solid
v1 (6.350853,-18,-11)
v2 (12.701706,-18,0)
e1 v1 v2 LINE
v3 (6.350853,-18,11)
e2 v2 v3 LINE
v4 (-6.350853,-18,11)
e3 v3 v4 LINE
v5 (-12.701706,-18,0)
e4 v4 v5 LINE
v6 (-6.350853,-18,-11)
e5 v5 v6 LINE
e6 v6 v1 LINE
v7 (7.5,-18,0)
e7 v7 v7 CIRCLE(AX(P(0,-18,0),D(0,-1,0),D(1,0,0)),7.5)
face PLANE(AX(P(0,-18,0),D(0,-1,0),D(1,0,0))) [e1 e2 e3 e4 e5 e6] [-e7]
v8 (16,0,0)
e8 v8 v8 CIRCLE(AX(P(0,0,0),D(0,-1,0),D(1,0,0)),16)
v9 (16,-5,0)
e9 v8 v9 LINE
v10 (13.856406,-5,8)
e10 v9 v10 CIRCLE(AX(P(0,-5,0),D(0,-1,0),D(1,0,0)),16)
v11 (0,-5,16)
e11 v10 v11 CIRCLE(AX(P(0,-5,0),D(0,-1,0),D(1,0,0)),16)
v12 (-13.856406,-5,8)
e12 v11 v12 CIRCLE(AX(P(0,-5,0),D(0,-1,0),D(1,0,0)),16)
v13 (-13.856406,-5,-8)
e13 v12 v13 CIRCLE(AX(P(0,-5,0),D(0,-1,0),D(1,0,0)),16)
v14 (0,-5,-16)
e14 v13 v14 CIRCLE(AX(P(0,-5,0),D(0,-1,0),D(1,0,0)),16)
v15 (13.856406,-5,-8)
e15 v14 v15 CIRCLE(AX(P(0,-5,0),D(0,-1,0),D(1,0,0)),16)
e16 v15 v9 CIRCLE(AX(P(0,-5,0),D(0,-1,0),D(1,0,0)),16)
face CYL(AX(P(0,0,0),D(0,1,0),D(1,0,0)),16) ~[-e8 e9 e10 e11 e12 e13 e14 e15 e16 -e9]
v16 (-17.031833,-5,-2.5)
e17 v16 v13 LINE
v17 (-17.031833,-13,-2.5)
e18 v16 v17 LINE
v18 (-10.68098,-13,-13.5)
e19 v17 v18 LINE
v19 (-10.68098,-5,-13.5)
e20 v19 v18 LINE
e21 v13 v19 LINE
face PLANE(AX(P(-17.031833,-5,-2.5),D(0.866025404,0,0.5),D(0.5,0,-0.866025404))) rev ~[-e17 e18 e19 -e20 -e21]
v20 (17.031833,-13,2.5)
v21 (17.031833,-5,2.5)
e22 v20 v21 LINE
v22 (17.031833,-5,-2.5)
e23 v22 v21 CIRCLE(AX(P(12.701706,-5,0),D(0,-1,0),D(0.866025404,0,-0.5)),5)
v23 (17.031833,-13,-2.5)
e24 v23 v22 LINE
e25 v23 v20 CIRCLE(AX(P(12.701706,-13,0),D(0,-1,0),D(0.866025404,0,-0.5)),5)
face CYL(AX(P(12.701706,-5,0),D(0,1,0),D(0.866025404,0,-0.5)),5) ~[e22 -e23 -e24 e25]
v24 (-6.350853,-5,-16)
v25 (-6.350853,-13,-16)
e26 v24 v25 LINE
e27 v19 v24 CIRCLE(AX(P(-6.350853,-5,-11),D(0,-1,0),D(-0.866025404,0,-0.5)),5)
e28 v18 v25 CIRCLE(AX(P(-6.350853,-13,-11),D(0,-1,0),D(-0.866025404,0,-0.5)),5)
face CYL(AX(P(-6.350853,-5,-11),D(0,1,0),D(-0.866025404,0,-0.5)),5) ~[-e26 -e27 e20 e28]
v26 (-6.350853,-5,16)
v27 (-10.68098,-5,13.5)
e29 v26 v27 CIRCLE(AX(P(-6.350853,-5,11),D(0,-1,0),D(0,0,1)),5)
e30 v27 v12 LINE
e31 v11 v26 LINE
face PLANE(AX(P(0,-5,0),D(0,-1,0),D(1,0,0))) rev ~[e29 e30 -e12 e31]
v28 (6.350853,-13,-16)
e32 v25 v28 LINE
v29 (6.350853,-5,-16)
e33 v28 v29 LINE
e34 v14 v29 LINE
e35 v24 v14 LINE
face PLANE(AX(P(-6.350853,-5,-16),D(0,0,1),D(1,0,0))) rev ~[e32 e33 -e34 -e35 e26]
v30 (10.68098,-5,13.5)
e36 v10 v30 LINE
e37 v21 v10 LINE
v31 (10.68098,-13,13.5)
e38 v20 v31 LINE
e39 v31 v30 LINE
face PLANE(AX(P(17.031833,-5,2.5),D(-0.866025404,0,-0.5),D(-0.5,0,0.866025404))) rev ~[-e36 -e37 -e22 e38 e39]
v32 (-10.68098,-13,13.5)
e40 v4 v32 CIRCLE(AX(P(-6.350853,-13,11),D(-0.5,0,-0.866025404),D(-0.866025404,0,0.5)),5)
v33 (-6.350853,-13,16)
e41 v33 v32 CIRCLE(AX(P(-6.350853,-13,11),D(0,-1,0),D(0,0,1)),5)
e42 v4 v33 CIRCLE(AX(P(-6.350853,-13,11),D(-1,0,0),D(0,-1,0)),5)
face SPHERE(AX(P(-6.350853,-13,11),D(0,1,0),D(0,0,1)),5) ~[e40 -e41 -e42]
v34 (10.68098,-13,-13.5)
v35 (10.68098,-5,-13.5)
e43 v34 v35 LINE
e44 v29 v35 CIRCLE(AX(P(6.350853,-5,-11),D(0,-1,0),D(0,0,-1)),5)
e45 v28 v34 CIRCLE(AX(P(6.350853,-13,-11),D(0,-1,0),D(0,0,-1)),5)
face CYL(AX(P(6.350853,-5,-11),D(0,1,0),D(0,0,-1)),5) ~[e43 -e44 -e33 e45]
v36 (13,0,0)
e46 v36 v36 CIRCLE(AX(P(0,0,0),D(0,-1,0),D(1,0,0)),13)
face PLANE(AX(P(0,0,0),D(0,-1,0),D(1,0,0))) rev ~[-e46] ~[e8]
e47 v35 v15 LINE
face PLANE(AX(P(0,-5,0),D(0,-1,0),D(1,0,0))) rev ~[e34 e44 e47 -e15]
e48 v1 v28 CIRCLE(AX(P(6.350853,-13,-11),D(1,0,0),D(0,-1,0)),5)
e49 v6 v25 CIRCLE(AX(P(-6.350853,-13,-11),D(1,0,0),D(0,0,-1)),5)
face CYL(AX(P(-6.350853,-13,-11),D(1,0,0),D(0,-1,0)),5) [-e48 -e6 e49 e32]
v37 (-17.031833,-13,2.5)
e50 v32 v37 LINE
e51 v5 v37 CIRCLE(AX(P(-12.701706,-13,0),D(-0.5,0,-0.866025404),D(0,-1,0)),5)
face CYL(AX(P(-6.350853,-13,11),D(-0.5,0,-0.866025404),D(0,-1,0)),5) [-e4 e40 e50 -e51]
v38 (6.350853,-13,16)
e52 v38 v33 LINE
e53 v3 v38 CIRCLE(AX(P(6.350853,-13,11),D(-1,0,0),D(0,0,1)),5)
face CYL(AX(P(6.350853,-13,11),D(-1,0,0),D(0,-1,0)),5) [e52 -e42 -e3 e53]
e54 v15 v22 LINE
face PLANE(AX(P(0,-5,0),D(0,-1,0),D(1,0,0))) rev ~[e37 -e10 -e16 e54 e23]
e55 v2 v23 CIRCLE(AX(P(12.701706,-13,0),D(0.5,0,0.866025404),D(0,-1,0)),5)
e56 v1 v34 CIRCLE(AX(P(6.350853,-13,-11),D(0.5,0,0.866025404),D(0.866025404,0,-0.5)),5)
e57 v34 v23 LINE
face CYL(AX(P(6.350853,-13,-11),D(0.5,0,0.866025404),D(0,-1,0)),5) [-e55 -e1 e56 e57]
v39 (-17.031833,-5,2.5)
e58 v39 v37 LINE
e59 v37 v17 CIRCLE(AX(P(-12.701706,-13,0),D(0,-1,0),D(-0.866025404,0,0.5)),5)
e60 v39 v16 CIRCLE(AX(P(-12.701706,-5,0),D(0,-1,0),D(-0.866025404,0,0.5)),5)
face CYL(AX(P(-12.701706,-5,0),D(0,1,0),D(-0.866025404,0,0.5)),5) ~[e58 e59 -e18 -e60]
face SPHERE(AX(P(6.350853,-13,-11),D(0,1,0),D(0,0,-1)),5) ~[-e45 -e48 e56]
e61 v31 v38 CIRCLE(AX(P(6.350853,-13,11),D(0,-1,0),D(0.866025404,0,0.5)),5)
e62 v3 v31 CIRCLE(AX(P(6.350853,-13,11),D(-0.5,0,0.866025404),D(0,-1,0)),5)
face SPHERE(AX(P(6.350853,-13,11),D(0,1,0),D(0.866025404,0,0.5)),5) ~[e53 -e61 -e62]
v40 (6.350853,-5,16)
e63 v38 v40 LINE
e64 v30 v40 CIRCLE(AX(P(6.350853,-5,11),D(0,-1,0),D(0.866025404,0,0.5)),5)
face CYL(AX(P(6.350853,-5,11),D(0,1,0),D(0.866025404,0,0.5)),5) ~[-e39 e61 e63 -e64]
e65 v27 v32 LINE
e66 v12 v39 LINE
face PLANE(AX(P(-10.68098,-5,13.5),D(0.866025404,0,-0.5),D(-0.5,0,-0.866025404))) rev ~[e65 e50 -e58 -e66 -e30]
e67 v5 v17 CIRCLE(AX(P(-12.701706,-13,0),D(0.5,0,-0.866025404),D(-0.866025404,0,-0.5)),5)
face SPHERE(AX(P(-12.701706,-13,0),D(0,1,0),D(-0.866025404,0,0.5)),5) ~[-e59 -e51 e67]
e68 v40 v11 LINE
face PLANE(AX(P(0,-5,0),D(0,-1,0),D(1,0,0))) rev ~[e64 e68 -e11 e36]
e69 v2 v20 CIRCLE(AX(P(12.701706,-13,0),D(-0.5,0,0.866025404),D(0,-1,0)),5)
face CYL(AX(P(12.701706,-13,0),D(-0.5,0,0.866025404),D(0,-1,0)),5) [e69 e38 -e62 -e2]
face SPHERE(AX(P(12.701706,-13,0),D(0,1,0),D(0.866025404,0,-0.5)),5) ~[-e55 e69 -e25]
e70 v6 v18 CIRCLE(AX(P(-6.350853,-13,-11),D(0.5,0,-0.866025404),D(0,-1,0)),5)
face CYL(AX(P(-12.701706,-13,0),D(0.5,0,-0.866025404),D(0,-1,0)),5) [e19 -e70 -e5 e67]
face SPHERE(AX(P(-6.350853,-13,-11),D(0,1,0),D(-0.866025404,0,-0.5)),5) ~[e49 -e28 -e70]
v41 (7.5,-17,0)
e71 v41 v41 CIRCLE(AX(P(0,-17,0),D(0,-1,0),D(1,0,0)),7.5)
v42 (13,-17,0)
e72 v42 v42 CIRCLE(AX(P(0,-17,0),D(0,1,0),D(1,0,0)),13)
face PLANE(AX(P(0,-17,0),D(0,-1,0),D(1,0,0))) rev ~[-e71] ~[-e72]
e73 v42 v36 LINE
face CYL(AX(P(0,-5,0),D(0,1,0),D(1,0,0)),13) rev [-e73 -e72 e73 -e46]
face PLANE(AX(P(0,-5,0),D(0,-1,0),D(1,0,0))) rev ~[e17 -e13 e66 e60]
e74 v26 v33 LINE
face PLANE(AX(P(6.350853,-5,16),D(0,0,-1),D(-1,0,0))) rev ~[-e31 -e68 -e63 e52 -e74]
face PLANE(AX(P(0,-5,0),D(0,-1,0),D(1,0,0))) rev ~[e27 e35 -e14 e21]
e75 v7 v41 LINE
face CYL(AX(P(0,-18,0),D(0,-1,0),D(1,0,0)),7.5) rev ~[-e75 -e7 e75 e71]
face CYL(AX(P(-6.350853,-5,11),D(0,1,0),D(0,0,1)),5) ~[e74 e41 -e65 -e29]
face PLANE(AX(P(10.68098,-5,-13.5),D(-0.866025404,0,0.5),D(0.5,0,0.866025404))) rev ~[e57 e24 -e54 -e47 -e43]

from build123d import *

# Parameters (mm, degrees)
F0_R     = 16
F0_R_2   = 13
F1_DEPTH = 5
F2_R     = 13
F3_DEPTH = 13
F4_R     = 7.5
F5_DEPTH = 1
F6_R     = 5


with BuildPart() as f1:
    # F0 (on Front) → F1 (new body)
    with BuildSketch(Plane.XZ):
        Circle(F0_R)
        Circle(F0_R_2, mode=Mode.SUBTRACT)
    extrude(amount=F1_DEPTH)

    # F2 (on face) → F3 (join)
    with BuildSketch(Plane.XZ.offset(5)):
        with BuildLine():
            Line((6.3508529611, 16), (-6.3508529611, 16))
            ThreePointArc((-6.3508529611, 16), (-8.8508529611, 15.3301270189), (-10.68097998, 13.5))
            Line((-10.68097998, 13.5), (-17.0318329411, 2.5))
            ThreePointArc((-17.0318329411, 2.5), (-17.7017059222, 0), (-17.0318329411, -2.5))
            Line((-17.0318329411, -2.5), (-10.68097998, -13.5))
            ThreePointArc((-10.68097998, -13.5), (-8.8508529611, -15.3301270189), (-6.3508529611, -16))
            Line((-6.3508529611, -16), (6.3508529611, -16))
            ThreePointArc((6.3508529611, -16), (8.8508529611, -15.3301270189), (10.68097998, -13.5))
            Line((10.68097998, -13.5), (17.0318329411, -2.5))
            ThreePointArc((17.0318329411, -2.5), (17.7017059222, 0), (17.0318329411, 2.5))
            Line((17.0318329411, 2.5), (10.68097998, 13.5))
            ThreePointArc((10.68097998, 13.5), (8.8508529611, 15.3301270189), (6.3508529611, 16))
        make_face()
        Circle(F2_R, mode=Mode.SUBTRACT)
    extrude(amount=F3_DEPTH)

    # F4 (on face) → F5 (join)
    with BuildSketch(Plane.XZ.offset(18)):
        with BuildLine():
            Line((6.3508529611, 16), (-6.3508529611, 16))
            ThreePointArc((-6.3508529611, 16), (-8.8508529611, 15.3301270189), (-10.68097998, 13.5))
            Line((-10.68097998, 13.5), (-17.0318329411, 2.5))
            ThreePointArc((-17.0318329411, 2.5), (-17.7017059222, 0), (-17.0318329411, -2.5))
            Line((-17.0318329411, -2.5), (-10.68097998, -13.5))
            ThreePointArc((-10.68097998, -13.5), (-8.8508529611, -15.3301270189), (-6.3508529611, -16))
            Line((-6.3508529611, -16), (6.3508529611, -16))
            ThreePointArc((6.3508529611, -16), (8.8508529611, -15.3301270189), (10.68097998, -13.5))
            Line((10.68097998, -13.5), (17.0318329411, -2.5))
            ThreePointArc((17.0318329411, -2.5), (17.7017059222, 0), (17.0318329411, 2.5))
            Line((17.0318329411, 2.5), (10.68097998, 13.5))
            ThreePointArc((10.68097998, 13.5), (8.8508529611, 15.3301270189), (6.3508529611, 16))
        make_face()
        Circle(F4_R, mode=Mode.SUBTRACT)
    extrude(amount=-F5_DEPTH)

    # F6
    f6_edges = [f1.edges().sort_by_distance(p)[0] for p in [
        (13.856406, -18, 8),
    ]]
    fillet(f6_edges, radius=F6_R)


solid = f1.part
